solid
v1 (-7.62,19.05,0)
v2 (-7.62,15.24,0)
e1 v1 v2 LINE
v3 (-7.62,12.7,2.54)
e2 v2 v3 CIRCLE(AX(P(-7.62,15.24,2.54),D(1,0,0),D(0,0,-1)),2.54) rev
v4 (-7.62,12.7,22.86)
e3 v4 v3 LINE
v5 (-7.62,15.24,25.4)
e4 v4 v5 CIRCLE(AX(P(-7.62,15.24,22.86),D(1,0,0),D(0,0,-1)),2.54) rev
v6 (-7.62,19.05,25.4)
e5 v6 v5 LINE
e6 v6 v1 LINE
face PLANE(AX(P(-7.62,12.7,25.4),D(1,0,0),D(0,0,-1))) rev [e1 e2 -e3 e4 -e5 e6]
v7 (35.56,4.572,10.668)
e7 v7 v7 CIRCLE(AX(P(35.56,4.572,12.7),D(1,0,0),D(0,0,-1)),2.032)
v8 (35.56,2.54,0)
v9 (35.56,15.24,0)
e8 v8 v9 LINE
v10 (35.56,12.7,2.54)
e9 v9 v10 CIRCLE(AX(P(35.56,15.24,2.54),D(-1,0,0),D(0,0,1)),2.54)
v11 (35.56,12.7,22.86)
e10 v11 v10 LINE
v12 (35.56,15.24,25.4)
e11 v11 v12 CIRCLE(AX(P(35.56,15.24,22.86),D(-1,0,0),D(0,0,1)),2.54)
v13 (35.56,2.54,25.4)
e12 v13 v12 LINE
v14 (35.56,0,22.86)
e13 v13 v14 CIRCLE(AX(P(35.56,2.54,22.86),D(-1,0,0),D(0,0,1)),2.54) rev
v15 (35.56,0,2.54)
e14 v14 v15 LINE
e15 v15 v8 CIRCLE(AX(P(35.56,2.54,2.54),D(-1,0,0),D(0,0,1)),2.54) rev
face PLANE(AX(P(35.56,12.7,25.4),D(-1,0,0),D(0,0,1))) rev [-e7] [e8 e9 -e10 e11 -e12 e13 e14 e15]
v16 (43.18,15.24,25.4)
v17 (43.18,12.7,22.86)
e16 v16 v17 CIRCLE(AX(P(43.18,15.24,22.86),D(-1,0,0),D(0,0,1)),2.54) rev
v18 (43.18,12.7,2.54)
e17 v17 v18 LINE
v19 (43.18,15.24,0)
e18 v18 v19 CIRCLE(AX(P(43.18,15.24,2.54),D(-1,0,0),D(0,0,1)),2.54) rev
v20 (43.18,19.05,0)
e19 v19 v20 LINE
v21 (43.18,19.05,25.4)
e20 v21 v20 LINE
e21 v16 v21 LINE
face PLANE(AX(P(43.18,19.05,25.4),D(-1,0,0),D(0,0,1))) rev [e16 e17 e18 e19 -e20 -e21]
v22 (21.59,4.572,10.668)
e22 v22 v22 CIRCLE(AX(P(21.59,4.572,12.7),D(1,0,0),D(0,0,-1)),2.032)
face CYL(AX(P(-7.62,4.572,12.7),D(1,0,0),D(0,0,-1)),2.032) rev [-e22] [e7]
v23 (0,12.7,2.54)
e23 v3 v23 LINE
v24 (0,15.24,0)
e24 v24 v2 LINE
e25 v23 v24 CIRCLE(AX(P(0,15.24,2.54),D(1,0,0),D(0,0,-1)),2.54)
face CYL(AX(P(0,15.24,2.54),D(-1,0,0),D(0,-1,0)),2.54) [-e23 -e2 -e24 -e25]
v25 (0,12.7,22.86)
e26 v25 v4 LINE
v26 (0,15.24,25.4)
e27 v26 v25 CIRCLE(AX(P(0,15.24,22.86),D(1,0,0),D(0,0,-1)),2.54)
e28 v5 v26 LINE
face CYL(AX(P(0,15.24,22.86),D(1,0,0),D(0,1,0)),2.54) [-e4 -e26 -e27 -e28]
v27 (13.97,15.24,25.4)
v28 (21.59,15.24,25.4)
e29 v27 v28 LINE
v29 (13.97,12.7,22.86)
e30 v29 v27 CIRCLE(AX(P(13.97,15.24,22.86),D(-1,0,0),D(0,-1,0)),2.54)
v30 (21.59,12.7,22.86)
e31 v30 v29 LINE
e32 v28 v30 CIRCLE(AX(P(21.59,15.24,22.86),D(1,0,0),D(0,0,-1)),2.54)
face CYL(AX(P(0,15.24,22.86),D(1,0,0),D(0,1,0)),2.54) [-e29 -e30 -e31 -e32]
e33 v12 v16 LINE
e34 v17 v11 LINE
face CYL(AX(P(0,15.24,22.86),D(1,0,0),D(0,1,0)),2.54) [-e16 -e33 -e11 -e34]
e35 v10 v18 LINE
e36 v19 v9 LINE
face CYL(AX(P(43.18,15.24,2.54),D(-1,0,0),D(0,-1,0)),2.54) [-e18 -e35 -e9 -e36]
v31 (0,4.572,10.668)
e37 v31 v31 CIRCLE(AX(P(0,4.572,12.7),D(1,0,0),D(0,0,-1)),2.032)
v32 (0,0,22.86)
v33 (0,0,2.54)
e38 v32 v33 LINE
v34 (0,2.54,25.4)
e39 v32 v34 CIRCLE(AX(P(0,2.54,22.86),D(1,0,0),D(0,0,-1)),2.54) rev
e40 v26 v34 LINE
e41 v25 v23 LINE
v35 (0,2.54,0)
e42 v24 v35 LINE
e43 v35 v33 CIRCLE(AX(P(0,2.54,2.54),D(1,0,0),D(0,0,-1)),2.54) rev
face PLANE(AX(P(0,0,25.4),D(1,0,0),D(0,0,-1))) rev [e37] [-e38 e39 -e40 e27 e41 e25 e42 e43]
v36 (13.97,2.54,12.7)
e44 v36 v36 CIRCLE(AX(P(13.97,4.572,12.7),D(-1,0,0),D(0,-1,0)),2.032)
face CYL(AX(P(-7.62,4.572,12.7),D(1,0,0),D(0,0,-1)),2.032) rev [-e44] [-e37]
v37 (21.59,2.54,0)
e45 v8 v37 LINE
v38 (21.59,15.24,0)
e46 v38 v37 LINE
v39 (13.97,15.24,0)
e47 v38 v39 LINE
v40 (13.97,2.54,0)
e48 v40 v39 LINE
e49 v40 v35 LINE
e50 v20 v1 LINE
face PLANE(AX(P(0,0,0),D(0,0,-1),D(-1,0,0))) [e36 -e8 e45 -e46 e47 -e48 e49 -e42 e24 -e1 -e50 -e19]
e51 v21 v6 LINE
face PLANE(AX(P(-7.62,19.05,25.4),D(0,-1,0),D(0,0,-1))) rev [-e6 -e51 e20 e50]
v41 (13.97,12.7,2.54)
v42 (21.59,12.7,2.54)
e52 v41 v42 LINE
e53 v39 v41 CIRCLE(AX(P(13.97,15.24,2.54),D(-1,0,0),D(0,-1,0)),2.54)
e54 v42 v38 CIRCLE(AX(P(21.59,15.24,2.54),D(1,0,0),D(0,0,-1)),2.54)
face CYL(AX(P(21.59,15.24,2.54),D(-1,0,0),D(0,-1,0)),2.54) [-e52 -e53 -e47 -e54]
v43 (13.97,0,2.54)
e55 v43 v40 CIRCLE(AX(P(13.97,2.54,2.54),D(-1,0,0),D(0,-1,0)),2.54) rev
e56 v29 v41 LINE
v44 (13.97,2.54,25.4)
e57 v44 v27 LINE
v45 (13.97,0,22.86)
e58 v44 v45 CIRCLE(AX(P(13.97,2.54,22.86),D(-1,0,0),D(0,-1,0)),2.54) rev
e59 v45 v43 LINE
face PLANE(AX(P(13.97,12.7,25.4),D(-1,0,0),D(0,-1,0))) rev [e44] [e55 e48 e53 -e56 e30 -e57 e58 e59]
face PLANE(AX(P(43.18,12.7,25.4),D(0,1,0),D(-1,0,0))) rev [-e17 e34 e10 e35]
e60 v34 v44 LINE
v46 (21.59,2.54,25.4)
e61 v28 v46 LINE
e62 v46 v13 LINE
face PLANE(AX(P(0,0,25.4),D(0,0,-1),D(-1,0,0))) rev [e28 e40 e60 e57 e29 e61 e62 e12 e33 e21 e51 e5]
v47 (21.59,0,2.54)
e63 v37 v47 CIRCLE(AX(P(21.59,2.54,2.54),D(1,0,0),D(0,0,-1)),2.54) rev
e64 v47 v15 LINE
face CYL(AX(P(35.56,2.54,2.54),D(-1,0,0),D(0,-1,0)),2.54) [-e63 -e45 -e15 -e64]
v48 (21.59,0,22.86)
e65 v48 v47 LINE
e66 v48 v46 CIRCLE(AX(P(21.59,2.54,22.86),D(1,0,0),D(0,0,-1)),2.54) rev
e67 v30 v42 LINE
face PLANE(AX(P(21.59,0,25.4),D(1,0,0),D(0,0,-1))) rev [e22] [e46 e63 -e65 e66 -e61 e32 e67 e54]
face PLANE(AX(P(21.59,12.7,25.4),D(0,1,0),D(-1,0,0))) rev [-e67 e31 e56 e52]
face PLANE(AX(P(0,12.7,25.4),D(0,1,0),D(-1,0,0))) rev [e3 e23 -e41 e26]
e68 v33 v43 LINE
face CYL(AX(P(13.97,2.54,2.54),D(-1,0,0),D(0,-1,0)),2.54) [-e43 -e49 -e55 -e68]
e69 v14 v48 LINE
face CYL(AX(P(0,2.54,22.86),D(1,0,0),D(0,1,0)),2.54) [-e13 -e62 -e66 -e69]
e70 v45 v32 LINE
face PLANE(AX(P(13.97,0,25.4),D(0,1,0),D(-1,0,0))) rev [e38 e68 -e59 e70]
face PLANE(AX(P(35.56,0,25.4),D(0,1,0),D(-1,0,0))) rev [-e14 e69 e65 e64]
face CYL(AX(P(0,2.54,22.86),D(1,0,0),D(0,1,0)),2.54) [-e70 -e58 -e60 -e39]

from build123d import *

# Parameters (mm, degrees)
BOSS_EXTRUDE1_DEPTH = 25.4
FILLET1_R           = 2.54
SKETCH2_R           = 2.032
CUT_EXTRUDE1_DEPTH  = 54.596407529
FILLET2_R           = 2.54


with BuildPart() as part:
    # Sketch1 → Boss-Extrude1 (new body)
    with BuildSketch(Plane.XY):
        Polygon((0, 0), (0, 12.7), (-7.62, 12.7), (-7.62, 19.05), (43.18, 19.05), (43.18, 12.7), (35.56, 12.7), (35.56, 0), (21.59, 0), (21.59, 12.7), (13.97, 12.7), (13.97, 0), align=None)
    extrude(amount=BOSS_EXTRUDE1_DEPTH)

    # Fillet1
    fillet1_edges = [part.edges().sort_by_distance(p)[0] for p in [
        (28.575, 0, 0),
        (6.985, 0, 0),
        (28.575, 0, 25.4),
        (6.985, 0, 25.4),
    ]]
    fillet(fillet1_edges, radius=FILLET1_R)

    # Sketch2 → Cut-Extrude1 (cut, through all)
    with BuildSketch(Plane(origin=(35.56, 0, 0), x_dir=(0, 0, -1), z_dir=(1, 0, 0))):
        with Locations((-12.7, 4.572)):
            Circle(SKETCH2_R)
    extrude(amount=-CUT_EXTRUDE1_DEPTH, mode=Mode.SUBTRACT)

    # Fillet2
    fillet2_edges = [part.edges().sort_by_distance(p)[0] for p in [
        (17.78, 12.7, 25.4),
        (-3.81, 12.7, 0),
        (39.37, 12.7, 0),
        (17.78, 12.7, 0),
        (39.37, 12.7, 25.4),
        (-3.81, 12.7, 25.4),
    ]]
    fillet(fillet2_edges, radius=FILLET2_R)


solid = part.part
